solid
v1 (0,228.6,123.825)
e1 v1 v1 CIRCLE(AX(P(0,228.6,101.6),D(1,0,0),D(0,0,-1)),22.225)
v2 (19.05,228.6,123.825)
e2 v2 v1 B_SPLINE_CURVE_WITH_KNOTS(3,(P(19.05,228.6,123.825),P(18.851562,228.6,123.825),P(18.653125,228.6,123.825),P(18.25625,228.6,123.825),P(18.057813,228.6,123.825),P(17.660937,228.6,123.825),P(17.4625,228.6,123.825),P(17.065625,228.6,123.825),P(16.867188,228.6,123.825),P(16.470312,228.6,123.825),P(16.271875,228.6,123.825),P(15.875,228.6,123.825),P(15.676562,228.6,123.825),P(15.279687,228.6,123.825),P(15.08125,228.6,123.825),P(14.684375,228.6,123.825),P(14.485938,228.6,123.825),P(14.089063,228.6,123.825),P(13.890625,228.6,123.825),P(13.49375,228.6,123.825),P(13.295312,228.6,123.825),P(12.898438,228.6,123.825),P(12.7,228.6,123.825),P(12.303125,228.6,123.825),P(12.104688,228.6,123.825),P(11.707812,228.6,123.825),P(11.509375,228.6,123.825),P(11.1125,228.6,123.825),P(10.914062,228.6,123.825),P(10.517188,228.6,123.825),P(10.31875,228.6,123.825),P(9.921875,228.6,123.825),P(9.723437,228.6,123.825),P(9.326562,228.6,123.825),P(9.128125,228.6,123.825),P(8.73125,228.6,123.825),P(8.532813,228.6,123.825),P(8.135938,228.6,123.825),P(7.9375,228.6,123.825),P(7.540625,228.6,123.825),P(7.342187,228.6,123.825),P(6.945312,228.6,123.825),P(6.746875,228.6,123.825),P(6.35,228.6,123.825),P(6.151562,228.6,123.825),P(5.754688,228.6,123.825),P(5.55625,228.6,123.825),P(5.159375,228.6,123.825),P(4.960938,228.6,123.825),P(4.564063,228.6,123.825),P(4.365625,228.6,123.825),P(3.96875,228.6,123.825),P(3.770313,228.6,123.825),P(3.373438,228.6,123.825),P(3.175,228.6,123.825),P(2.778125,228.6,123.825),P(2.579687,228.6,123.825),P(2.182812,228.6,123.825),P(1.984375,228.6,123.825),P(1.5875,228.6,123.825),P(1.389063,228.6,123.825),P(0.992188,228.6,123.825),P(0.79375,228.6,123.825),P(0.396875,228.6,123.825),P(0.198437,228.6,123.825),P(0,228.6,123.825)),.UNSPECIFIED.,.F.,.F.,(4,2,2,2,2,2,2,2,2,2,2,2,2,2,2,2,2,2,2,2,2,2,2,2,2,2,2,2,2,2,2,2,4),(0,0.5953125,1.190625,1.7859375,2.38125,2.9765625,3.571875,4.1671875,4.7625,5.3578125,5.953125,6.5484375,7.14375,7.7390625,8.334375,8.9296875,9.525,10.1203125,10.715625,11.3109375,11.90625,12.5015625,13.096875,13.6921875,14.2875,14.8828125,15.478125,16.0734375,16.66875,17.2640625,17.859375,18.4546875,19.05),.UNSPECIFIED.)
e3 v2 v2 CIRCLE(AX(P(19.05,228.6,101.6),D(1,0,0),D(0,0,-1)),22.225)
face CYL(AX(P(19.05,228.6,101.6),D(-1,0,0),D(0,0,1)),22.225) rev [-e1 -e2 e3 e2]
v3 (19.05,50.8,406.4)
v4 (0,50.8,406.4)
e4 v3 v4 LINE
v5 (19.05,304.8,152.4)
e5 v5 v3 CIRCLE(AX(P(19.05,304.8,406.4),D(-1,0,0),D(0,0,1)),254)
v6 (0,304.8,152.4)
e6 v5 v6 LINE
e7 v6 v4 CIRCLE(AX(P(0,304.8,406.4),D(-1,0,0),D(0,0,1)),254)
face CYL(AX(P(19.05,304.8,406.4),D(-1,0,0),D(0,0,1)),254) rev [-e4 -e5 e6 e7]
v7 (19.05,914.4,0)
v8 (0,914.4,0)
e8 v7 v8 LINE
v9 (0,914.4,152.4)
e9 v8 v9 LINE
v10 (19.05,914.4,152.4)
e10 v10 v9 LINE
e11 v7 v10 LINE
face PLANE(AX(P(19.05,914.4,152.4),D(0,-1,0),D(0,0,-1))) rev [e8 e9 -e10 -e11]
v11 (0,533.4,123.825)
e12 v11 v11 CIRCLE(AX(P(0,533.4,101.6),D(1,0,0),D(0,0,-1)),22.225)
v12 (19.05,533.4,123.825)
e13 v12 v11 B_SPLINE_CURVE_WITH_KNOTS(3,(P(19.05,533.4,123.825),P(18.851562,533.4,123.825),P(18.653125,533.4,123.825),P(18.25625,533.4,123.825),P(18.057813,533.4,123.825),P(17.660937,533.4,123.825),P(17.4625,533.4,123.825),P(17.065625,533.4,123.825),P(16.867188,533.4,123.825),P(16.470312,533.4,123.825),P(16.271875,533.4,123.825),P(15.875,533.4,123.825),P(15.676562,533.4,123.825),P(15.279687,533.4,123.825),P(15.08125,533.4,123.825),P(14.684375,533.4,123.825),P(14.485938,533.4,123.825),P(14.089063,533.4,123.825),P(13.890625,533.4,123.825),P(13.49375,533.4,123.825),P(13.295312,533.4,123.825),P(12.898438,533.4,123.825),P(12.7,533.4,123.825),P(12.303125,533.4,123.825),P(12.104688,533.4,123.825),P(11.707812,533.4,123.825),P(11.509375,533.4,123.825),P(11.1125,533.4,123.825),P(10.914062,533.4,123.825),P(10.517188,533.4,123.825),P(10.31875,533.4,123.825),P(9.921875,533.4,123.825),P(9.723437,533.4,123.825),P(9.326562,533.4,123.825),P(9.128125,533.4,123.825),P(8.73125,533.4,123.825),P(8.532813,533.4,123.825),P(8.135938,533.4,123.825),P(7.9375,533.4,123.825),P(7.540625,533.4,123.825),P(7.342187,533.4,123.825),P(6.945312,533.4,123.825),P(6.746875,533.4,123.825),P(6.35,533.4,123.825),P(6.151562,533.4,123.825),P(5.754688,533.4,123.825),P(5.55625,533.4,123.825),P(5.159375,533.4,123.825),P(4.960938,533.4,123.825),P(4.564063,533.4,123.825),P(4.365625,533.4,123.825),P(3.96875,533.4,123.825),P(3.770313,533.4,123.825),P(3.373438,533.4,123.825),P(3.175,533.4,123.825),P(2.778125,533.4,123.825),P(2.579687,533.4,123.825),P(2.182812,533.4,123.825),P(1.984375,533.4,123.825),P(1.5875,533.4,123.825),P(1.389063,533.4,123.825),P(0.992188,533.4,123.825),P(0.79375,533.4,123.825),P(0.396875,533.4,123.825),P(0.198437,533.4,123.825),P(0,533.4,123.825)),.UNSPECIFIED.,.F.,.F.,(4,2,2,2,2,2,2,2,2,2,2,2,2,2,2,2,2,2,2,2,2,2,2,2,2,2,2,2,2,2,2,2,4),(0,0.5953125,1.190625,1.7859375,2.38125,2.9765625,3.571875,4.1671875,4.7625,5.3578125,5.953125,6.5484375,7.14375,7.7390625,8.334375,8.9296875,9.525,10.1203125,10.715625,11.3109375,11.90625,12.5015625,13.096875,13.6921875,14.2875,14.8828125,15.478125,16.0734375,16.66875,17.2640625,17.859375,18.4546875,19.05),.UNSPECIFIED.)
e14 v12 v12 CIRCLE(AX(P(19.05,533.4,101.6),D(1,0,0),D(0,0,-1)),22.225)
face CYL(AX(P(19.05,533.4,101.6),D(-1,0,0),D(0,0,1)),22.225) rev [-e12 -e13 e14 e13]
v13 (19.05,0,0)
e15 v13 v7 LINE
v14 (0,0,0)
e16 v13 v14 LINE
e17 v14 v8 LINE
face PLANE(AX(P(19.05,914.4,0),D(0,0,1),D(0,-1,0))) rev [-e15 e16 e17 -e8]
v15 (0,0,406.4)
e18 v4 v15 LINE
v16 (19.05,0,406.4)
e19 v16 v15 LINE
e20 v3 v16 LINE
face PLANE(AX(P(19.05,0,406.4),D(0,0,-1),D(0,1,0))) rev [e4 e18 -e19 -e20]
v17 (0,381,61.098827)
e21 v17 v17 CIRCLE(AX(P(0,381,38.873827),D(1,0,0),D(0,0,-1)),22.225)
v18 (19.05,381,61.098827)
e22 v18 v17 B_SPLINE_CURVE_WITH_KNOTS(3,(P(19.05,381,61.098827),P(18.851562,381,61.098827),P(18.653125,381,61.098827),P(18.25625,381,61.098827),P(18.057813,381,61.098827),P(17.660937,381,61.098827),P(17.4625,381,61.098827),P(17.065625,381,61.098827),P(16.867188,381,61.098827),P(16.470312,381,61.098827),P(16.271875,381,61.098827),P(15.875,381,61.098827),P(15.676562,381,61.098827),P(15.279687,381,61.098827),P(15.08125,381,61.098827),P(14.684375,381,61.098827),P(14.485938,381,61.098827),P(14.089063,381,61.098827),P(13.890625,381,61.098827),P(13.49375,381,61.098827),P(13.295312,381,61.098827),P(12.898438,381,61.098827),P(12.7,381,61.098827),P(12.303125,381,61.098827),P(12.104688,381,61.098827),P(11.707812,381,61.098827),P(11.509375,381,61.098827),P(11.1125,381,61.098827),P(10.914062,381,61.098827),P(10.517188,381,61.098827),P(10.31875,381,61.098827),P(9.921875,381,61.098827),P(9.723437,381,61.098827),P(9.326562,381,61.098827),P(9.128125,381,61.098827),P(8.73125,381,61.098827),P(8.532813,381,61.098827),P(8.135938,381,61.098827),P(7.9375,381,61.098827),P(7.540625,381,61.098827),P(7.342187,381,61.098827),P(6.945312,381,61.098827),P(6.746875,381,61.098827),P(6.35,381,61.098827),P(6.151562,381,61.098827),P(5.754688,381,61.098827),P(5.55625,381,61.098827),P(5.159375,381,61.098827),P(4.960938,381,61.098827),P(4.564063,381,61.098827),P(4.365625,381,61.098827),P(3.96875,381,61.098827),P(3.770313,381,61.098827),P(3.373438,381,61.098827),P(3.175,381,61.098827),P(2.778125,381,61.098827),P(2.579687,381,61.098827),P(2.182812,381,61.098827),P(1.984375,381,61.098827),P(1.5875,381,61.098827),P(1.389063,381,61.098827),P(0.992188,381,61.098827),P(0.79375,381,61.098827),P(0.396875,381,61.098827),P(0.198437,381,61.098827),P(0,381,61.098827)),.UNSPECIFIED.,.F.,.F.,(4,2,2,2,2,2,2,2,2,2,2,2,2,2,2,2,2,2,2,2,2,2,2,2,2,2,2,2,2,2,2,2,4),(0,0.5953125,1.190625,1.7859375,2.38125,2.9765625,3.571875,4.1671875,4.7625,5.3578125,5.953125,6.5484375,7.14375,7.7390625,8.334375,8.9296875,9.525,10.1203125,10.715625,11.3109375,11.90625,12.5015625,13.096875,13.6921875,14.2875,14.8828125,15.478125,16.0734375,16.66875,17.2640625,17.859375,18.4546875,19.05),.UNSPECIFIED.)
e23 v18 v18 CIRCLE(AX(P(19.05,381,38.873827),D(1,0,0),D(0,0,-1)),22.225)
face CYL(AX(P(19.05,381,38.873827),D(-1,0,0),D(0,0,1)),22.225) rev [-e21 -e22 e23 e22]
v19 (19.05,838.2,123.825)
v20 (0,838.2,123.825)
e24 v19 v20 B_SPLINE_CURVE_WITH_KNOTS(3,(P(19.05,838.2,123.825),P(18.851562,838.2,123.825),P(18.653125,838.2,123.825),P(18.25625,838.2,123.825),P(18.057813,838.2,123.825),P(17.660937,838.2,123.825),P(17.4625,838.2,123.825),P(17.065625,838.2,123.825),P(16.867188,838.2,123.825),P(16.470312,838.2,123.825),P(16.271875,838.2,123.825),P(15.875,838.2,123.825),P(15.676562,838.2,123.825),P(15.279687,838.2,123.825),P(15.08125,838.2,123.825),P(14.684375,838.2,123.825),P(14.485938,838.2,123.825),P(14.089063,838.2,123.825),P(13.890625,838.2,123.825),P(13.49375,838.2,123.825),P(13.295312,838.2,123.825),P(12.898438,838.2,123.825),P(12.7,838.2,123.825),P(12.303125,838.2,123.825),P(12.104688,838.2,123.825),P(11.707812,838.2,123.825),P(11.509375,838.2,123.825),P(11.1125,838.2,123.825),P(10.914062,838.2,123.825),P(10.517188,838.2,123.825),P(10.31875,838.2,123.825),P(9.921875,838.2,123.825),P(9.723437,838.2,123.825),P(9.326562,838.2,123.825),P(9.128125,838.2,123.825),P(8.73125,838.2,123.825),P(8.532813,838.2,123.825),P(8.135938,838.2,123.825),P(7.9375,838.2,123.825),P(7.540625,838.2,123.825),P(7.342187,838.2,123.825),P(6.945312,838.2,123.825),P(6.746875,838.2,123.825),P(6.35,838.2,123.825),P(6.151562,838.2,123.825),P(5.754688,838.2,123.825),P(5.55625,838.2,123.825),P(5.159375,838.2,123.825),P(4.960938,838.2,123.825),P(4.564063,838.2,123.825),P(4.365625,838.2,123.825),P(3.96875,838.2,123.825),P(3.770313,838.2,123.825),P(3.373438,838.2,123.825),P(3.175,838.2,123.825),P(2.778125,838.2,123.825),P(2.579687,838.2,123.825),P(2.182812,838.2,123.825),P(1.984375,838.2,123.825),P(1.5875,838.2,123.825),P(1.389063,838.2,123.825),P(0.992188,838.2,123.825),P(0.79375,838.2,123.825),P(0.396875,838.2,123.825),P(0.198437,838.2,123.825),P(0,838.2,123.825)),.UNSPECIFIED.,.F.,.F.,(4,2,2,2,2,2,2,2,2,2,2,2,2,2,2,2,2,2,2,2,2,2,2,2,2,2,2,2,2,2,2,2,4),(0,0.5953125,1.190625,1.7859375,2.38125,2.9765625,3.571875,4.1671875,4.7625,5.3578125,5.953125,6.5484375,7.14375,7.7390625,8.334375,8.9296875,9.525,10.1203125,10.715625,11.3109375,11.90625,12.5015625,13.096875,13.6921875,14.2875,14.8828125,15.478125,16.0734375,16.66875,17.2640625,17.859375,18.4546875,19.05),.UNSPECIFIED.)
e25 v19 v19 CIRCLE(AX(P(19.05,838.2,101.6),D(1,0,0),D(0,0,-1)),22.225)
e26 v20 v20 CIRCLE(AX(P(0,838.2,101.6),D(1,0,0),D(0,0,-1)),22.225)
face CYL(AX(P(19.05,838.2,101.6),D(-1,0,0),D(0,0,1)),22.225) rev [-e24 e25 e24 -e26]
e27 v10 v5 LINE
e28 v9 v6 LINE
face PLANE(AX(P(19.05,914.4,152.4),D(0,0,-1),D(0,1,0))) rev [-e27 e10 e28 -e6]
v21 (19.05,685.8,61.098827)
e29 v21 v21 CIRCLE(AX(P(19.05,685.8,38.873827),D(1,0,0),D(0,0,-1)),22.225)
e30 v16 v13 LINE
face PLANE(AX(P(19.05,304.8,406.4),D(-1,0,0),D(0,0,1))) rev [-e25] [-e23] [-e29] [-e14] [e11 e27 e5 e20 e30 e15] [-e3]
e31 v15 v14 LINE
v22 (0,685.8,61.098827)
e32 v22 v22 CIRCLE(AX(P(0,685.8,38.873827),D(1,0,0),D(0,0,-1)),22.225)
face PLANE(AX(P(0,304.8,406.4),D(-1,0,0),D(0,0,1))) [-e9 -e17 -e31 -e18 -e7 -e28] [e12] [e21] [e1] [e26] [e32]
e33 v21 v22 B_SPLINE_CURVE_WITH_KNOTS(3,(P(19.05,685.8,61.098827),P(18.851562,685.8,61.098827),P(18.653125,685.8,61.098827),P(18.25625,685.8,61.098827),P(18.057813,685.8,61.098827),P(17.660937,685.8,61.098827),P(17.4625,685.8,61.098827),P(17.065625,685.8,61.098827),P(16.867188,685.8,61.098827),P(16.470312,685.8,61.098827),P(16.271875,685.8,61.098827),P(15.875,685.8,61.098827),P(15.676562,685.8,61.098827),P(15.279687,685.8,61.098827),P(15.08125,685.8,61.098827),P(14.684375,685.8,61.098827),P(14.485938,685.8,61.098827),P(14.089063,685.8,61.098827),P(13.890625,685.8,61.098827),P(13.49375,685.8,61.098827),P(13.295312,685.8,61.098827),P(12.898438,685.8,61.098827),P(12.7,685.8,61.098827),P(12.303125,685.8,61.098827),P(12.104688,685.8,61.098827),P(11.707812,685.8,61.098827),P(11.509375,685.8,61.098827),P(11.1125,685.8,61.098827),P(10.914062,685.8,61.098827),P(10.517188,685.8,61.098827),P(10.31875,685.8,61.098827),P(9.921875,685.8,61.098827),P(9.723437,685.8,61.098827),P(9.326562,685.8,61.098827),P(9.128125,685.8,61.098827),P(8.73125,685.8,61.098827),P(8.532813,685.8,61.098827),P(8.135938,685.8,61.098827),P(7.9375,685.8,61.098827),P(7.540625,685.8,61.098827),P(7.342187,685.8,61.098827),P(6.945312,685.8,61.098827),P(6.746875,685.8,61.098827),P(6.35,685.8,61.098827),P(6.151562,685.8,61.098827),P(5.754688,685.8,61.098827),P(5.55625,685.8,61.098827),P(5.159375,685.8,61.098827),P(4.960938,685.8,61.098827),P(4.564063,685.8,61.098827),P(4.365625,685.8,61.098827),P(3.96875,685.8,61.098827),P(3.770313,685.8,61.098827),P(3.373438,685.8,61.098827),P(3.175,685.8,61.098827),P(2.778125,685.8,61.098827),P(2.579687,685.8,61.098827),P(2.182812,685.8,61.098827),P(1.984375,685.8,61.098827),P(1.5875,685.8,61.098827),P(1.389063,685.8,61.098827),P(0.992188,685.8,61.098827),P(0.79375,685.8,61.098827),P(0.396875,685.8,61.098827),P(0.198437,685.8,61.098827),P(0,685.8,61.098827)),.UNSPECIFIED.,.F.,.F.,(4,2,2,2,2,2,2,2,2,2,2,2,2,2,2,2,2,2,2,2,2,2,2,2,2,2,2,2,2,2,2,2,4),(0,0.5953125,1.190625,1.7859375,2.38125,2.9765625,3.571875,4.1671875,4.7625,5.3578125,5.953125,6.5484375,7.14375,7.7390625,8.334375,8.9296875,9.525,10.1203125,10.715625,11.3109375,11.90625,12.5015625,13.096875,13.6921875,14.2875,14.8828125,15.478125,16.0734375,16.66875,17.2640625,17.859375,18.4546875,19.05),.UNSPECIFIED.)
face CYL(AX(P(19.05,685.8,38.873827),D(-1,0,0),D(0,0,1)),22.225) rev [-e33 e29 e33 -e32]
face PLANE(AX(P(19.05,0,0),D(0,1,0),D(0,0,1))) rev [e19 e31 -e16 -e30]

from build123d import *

# Parameters (mm, degrees)
SKETCH1_R           = 22.225
BOSS_EXTRUDE1_DEPTH = 19.05


with BuildPart() as part:
    # Sketch1 → Boss-Extrude1 (new body)
    with BuildSketch(Plane(origin=(0, 0, 0), x_dir=(0, 0, -1), z_dir=(1, 0, 0))):
        with BuildLine():
            Line((-152.4, 914.4), (-152.4, 304.8))
            ThreePointArc((-152.4, 304.8), (-226.794877579, 125.194877579), (-406.4, 50.8))
            Line((-406.4, 50.8), (-406.4, 0))
            Line((-406.4, 0), (0, 0))
            Line((0, 0), (0, 914.4))
            Line((0, 914.4), (-152.4, 914.4))
        make_face()
        with Locations(Location((-101.6, 838.2, 0), (0, 0, 180))):
            Circle(SKETCH1_R, mode=Mode.SUBTRACT)
        with Locations(Location((-38.873826797, 685.8, 0), (0, 0, 180))):
            Circle(SKETCH1_R, mode=Mode.SUBTRACT)
        with Locations(Location((-101.6, 533.4, 0), (0, 0, 180))):
            Circle(SKETCH1_R, mode=Mode.SUBTRACT)
        with Locations(Location((-38.873826797, 381, 0), (0, 0, 180))):
            Circle(SKETCH1_R, mode=Mode.SUBTRACT)
        with Locations(Location((-101.6, 228.6, 0), (0, 0, 180))):
            Circle(SKETCH1_R, mode=Mode.SUBTRACT)
    extrude(amount=BOSS_EXTRUDE1_DEPTH)


solid = part.part
